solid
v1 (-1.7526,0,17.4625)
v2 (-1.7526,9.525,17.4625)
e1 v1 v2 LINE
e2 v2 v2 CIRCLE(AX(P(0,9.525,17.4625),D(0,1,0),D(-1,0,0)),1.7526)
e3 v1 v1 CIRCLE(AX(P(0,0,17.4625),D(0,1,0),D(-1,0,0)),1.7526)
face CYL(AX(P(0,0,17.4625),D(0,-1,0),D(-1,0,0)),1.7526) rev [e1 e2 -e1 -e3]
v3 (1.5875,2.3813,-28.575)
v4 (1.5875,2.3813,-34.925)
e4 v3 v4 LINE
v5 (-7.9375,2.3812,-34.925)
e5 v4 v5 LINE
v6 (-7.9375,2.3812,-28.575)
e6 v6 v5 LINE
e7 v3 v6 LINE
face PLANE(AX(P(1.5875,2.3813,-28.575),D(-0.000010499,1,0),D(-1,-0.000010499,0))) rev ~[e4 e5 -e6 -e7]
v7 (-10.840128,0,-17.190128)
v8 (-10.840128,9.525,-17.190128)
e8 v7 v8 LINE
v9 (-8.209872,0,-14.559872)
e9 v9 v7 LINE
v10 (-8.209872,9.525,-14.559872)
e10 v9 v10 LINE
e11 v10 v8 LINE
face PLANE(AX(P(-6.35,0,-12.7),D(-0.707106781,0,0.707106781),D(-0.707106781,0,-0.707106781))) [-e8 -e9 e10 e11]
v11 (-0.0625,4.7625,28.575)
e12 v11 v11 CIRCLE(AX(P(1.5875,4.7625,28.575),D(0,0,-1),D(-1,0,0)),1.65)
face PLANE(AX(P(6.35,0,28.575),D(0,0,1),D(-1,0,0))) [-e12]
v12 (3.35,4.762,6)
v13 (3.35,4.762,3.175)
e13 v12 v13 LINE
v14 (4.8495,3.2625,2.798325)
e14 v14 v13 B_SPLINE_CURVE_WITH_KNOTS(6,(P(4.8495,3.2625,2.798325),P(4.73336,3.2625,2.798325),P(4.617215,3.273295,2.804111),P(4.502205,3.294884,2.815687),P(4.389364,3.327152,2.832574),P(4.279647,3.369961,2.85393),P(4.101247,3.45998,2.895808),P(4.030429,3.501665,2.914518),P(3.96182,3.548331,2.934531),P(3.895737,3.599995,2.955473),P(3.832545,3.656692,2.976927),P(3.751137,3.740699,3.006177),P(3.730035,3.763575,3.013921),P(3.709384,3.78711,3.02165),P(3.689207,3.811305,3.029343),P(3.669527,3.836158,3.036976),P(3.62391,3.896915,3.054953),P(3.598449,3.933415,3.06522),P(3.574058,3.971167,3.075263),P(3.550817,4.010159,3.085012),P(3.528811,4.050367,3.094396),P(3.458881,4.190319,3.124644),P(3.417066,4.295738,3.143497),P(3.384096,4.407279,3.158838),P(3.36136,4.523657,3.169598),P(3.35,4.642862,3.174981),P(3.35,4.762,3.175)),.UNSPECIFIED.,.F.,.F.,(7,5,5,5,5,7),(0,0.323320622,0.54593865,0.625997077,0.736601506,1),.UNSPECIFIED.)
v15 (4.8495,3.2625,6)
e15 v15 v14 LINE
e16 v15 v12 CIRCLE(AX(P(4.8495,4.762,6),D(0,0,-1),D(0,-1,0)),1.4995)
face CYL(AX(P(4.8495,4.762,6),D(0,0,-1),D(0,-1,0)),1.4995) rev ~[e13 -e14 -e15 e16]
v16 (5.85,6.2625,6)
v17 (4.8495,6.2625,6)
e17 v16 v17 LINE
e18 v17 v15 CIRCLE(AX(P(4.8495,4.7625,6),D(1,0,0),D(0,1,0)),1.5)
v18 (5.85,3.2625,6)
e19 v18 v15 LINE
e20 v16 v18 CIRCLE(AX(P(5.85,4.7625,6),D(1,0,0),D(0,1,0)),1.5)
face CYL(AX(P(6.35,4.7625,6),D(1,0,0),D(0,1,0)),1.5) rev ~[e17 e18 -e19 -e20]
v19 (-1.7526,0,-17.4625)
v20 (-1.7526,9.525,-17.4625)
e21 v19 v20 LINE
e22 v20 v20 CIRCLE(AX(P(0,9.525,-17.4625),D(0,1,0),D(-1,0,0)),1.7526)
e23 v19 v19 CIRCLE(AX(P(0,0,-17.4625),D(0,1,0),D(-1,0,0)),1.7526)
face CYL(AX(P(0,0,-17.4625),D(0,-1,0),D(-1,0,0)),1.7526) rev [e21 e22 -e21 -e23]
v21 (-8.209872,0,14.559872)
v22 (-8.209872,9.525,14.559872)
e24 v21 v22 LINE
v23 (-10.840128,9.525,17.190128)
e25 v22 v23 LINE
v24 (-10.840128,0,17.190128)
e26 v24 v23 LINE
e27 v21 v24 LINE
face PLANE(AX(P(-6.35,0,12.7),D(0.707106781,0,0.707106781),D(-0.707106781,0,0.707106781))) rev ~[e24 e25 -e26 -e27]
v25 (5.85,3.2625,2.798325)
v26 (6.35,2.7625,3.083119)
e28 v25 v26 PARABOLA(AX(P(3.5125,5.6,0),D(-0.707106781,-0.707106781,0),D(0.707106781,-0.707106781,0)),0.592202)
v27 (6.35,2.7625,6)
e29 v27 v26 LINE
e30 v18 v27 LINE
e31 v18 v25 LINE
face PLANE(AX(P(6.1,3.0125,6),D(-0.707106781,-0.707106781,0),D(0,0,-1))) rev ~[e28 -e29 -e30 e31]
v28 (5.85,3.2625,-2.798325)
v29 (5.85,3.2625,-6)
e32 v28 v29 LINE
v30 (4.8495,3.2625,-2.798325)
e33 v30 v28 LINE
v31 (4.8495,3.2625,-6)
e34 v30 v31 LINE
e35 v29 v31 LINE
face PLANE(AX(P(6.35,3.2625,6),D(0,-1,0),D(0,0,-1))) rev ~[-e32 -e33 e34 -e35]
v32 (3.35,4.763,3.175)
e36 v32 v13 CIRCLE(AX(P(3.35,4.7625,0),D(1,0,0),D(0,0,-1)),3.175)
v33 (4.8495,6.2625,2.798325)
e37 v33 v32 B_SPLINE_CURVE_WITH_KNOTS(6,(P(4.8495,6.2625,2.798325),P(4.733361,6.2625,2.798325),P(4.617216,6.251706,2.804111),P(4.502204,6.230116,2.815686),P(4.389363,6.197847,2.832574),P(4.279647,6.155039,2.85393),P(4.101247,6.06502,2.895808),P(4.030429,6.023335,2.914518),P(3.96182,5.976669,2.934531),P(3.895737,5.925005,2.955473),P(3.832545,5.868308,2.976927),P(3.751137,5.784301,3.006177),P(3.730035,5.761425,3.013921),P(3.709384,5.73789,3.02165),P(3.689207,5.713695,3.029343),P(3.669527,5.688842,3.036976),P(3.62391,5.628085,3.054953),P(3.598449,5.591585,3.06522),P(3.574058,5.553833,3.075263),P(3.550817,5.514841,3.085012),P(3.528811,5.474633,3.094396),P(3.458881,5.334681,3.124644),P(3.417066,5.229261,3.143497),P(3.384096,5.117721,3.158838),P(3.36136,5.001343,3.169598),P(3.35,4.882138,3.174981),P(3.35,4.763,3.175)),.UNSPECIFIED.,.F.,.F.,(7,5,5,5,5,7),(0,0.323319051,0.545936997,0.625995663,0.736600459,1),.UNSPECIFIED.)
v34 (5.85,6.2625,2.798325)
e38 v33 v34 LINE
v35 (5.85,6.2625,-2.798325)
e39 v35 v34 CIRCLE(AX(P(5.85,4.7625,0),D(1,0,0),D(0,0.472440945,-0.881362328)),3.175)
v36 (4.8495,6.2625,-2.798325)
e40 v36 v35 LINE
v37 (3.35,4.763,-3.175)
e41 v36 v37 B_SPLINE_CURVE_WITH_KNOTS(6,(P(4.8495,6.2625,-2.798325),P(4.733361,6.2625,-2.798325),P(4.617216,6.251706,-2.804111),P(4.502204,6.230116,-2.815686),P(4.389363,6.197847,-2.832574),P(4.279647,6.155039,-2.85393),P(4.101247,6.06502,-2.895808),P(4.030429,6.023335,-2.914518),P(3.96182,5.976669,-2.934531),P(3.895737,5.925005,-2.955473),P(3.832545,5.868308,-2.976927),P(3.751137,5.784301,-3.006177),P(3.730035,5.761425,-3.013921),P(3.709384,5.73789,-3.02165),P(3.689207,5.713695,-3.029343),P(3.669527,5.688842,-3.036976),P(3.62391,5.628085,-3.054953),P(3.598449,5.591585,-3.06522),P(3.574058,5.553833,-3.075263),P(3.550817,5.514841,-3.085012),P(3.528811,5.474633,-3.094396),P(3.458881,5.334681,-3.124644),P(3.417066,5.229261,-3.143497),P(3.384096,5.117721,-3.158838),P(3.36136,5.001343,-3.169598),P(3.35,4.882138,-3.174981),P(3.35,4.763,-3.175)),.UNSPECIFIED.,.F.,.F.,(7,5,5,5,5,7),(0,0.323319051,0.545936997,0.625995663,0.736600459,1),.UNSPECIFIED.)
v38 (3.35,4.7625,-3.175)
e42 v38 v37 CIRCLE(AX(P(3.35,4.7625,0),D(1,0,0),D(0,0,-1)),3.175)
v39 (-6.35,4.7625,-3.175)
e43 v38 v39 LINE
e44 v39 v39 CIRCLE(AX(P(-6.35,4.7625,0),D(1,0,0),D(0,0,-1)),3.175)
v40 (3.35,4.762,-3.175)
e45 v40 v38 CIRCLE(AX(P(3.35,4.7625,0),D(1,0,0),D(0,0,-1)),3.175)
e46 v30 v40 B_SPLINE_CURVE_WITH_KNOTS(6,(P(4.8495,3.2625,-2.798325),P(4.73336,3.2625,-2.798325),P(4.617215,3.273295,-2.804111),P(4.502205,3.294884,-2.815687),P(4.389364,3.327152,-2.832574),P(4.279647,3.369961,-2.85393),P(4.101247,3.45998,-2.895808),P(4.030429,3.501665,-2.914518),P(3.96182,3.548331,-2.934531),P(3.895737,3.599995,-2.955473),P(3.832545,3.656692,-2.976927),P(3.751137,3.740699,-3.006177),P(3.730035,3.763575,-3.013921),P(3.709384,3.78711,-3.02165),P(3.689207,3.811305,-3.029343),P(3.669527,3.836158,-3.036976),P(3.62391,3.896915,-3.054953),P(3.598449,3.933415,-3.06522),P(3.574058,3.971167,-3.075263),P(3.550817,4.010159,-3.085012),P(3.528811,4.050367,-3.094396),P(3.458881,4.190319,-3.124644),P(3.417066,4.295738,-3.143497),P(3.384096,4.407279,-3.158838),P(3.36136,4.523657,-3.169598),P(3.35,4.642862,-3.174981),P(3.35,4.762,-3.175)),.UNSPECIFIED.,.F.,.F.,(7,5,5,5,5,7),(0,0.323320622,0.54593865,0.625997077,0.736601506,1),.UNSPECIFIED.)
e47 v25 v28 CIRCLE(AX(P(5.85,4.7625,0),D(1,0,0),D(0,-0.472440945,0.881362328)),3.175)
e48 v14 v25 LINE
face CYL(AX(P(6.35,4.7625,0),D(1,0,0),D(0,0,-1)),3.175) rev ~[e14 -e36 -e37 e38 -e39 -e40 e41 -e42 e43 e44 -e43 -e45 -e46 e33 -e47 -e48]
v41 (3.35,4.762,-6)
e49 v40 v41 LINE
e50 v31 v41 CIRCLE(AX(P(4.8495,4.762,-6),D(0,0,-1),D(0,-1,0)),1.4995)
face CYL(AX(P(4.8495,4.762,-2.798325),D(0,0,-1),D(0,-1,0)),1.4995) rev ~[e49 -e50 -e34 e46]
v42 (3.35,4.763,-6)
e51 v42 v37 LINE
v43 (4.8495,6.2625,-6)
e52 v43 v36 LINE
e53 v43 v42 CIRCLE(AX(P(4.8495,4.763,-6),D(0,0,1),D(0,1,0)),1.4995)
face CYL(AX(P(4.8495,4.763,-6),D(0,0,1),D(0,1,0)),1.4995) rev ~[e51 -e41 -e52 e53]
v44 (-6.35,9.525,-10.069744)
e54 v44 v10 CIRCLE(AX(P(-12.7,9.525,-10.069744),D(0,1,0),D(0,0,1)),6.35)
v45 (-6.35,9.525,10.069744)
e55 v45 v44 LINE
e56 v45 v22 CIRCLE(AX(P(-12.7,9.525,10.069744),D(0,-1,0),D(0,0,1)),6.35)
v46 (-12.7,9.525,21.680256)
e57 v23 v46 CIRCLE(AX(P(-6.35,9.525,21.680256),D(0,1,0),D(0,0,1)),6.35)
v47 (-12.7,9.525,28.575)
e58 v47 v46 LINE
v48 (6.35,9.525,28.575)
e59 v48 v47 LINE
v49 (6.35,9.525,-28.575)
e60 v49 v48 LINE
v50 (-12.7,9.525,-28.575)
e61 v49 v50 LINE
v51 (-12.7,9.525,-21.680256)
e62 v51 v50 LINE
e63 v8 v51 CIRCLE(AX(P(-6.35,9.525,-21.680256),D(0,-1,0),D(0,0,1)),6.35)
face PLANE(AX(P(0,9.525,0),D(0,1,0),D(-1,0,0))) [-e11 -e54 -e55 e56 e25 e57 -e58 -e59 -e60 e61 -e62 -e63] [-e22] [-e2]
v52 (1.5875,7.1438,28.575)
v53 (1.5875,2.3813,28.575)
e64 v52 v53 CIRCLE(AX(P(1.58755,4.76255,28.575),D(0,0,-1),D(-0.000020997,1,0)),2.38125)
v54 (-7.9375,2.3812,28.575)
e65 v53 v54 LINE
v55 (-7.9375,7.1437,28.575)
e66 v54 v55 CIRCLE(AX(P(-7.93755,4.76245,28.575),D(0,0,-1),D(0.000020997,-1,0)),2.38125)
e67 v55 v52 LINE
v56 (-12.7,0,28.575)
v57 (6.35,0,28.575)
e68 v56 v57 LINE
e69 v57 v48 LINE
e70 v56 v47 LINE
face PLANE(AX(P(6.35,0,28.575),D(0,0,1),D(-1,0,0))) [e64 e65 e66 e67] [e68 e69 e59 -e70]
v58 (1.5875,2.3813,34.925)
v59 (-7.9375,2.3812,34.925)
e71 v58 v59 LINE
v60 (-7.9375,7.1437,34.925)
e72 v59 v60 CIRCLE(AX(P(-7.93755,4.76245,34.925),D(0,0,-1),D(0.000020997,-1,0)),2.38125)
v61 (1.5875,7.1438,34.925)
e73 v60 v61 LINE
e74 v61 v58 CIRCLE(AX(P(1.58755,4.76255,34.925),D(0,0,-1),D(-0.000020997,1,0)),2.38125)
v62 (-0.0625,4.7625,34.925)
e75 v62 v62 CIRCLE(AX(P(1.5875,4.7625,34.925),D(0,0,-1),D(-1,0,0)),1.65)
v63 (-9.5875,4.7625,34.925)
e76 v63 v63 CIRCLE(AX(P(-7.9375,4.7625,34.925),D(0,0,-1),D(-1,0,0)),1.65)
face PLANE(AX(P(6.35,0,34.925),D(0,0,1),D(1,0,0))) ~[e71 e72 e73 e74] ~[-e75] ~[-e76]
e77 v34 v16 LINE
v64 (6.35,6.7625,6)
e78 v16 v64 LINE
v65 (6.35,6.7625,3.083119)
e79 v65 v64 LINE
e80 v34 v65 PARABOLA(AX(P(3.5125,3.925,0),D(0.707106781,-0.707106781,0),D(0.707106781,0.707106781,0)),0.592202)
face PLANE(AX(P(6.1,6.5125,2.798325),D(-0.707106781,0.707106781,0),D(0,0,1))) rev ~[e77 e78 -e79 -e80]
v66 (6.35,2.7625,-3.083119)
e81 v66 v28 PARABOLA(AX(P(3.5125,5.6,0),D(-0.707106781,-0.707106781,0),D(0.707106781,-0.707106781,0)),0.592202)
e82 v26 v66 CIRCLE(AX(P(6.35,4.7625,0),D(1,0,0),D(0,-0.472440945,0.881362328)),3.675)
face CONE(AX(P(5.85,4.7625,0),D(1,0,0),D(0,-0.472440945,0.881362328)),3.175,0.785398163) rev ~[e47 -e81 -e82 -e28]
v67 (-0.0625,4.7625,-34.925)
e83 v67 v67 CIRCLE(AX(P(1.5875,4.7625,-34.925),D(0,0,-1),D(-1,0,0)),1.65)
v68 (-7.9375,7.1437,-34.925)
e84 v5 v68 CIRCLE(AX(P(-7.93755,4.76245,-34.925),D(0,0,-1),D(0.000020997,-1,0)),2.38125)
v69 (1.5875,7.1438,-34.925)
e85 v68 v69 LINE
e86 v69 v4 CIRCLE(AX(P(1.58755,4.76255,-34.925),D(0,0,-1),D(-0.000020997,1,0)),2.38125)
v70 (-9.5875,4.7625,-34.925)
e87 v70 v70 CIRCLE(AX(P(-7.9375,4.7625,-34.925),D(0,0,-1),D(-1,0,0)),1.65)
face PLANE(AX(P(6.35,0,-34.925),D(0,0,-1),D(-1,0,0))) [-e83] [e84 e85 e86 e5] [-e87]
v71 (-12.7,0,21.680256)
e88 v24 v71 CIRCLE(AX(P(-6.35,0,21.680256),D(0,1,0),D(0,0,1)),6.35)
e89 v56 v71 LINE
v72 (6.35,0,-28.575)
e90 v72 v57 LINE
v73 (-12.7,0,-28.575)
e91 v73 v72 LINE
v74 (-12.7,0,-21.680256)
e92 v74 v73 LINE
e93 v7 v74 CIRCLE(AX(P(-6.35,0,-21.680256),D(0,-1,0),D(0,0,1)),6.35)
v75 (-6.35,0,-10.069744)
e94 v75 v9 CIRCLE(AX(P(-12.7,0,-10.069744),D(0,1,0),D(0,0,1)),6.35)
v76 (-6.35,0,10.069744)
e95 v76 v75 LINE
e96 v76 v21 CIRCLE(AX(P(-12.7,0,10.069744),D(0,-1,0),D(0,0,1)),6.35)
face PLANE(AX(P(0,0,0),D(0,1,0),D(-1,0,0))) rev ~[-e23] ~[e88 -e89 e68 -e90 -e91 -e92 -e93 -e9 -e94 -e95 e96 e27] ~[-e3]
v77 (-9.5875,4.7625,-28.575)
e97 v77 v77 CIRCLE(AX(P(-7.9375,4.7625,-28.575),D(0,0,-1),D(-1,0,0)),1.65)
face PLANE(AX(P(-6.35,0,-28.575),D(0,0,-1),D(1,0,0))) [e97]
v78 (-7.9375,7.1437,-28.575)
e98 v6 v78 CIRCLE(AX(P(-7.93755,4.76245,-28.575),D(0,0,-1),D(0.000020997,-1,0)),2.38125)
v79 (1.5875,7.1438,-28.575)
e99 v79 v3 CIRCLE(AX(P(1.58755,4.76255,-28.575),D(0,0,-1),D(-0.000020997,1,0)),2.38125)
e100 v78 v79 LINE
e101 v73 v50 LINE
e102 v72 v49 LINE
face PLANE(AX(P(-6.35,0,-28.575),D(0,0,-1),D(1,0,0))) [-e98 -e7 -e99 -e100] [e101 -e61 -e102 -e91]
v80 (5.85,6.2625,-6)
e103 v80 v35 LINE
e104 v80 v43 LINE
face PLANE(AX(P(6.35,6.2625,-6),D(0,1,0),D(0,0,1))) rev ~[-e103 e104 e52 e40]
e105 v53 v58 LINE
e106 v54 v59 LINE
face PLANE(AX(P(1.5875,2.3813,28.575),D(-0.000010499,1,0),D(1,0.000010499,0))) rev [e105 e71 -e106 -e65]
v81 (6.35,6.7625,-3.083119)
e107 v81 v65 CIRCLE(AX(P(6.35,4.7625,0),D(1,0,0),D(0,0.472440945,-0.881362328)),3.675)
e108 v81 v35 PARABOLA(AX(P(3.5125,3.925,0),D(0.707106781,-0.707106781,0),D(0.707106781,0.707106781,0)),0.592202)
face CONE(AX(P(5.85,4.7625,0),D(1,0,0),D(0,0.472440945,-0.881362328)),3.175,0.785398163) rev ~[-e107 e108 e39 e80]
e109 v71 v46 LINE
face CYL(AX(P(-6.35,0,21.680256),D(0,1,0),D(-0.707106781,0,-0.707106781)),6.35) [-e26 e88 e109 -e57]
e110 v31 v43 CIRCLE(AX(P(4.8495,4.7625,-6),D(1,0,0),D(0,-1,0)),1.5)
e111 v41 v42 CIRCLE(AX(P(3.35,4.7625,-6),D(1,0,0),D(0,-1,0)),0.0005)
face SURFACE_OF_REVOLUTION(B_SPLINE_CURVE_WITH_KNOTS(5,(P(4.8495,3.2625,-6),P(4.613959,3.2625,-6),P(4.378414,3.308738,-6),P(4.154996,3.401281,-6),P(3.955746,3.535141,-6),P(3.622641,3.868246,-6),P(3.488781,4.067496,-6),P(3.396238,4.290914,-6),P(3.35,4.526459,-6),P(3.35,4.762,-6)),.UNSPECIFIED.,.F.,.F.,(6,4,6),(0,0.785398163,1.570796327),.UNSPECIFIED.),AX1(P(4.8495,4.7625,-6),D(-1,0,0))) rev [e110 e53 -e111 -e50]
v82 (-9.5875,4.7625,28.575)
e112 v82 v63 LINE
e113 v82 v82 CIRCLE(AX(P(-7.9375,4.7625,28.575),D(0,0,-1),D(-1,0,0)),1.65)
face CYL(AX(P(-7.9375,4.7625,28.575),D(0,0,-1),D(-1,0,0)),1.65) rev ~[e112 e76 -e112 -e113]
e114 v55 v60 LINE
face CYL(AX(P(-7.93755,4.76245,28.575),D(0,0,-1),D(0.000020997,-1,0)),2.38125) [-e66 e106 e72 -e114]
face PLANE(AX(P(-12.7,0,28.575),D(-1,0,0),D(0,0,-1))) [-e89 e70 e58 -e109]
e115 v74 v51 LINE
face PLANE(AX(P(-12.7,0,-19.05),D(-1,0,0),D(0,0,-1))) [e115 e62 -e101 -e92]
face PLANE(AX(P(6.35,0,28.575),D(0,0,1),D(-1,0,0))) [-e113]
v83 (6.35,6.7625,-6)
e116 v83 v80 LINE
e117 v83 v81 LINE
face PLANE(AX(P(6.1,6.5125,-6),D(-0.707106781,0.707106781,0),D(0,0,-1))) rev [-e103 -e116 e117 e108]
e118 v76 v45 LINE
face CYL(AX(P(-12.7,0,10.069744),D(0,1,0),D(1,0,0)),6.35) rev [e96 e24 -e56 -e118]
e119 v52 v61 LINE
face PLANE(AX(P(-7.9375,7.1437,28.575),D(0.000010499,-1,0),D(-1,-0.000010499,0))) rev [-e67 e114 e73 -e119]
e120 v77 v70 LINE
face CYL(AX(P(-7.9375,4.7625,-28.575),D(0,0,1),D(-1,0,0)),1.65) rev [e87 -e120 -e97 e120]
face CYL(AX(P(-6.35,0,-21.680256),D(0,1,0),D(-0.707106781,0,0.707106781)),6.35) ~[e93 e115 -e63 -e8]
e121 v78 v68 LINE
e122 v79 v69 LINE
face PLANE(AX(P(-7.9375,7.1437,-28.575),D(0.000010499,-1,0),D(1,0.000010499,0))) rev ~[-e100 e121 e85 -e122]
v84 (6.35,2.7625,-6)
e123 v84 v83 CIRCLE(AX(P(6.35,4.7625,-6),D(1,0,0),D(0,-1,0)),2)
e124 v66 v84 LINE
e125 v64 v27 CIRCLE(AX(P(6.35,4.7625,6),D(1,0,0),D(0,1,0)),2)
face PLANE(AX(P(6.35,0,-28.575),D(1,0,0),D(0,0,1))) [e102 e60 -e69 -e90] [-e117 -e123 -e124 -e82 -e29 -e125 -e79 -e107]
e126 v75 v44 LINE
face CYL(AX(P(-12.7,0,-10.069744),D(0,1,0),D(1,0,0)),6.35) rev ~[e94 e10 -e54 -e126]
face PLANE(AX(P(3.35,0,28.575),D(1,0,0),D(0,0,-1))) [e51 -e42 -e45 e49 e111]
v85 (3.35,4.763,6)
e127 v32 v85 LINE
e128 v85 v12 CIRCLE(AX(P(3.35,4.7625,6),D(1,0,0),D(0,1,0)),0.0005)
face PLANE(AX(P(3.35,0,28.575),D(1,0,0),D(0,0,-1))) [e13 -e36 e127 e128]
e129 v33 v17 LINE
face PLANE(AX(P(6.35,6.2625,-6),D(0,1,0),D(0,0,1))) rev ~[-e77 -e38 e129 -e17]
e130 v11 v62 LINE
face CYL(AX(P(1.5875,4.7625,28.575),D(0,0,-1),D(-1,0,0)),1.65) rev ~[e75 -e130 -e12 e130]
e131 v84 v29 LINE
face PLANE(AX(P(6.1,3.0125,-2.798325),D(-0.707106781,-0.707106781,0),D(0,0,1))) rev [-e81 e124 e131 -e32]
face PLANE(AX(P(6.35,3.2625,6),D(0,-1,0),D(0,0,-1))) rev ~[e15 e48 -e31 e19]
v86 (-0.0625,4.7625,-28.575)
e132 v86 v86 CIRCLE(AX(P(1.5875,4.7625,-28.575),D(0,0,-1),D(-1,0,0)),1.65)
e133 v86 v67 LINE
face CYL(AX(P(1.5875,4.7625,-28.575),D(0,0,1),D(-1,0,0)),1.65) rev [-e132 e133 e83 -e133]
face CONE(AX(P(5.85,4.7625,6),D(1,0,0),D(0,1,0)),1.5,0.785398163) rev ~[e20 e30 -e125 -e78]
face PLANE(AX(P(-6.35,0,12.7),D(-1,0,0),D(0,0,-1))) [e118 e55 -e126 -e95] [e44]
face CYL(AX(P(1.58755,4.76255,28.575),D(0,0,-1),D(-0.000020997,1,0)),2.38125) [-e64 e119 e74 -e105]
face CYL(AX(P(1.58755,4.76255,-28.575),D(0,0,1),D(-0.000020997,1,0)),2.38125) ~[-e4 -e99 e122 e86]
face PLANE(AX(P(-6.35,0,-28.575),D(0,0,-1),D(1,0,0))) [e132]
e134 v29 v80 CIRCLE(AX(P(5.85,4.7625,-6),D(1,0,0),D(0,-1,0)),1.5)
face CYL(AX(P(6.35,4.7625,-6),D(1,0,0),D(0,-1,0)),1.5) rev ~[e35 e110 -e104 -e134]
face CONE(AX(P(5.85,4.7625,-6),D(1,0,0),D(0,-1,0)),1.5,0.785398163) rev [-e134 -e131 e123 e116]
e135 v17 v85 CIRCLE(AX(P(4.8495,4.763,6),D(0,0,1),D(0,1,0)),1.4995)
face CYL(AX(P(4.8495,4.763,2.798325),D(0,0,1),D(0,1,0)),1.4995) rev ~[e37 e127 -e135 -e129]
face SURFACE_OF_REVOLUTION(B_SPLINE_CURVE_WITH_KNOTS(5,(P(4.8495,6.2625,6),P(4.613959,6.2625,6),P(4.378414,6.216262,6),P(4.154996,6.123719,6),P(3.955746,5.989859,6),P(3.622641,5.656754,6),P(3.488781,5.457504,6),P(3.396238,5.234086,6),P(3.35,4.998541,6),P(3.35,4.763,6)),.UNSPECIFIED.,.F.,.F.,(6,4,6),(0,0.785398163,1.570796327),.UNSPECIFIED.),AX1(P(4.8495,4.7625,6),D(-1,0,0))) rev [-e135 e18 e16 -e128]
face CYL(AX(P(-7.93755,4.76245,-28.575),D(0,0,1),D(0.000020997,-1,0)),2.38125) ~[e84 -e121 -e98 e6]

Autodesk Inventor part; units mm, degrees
ref_plane "YZ Plane" through (0, 0, 0) normal (1, 0, 0) x (0, 1, 0)
ref_plane "XZ Plane" through (0, 0, 0) normal (0, 1, 0) x (-1, 0, 0)
ref_plane "XY Plane" through (0, 0, 0) normal (0, 0, 1) x (1, 0, 0)
sketch "Sketch1" plane through (0, 0, 0) normal (0, 1, 0) x (-1, 0, 0)
  line L0 (0, 17.4625) -> (0, 17.4625) construction
  line L1 (0, 17.4625) -> (0, -17.4625) construction
  line L2 (0, -17.4625) -> (0, -17.4625) construction
  line L3 (0, -17.4625) -> (0, 17.4625) construction
  line L4 (0, 17.4625) -> (0, -17.4625) construction
  line L5 (0, 17.4625) -> (0, -17.4625) construction
  circle A0 centre (0, 17.4625) radius 1.7526
  circle A1 centre (0, -17.4625) radius 1.7526
  circle A2 centre (0, 17.4625) radius 1.7526
  circle A3 centre (0, -17.4625) radius 1.7526
  line L6 (-6.35, 28.575) -> (6.35, 28.575)
  line L7 (6.35, 28.575) -> (6.35, -28.575)
  line L8 (6.35, -28.575) -> (-6.35, -28.575)
  line L9 (-6.35, -28.575) -> (-6.35, 28.575)
  line L10 (-6.35, 28.575) -> (6.35, -28.575) construction
  line L11 (6.35, 28.575) -> (-6.35, -28.575) construction
  line L12 (6.35, 28.575) -> (12.7, 28.575)
  line L13 (12.7, 28.575) -> (12.7, -28.575)
  line L14 (12.7, -28.575) -> (6.35, -28.575)
  line L15 (6.35, -28.575) -> (6.35, 28.575)
  line L16 (6.35, 12.7) -> (12.7, 19.05)
  line L17 (6.35, 0) -> (12.7, 0) construction
  line L18 (6.35, -12.7) -> (12.7, -19.05)
  point P0 (0, 0)
  point P1 (12.7, -19.05)
  dimension "d0" = 0
  dimension "d1" = 34.925
  dimension "d2" = 3.5052
  dimension "d5" = 34.925
  dimension "d8" = 0
  dimension "d11" = 12.7
  dimension "d12" = 57.15
  dimension "d40" = 6.35
  dimension "d41" = 9.525
  dimension "d42" = 12.7
extrude "Extrusion1" add sketch "Sketch1" along normal blind 9.525 contours L6 L7 L8 L9 | L12 L13 L16 L7 | L7 L18 L13 L14
sketch "Sketch2" plane through (6.35, 0, 28.575) normal (1, 0, 0) x (0, 0, -1)
  line L0 (28.575, 0) -> (28.575, 9.525) construction
  line L1 (41.275, 9.525) -> (15.875, 9.525) projected
  circle A0 centre (28.575, 4.7625) radius 3.175
  line L2 (0, 0) -> (57.15, 0) projected
  point P0 (57.15, 9.525)
  point P1 (0, 9.525)
  point P2 (25.4, 0)
  point P3 (16.2434, 0)
  dimension "d15" = 6.35
  dimension "d16" = 4.7625
extrude "Extrusion2" cut sketch "Sketch2" against normal through all
sketch "Sketch5" plane through (6.35, 0, 28.575) normal (1, 0, 0) x (0, 0, -1)
  line L0 (0, 0) -> (0, 9.525) projected
  line L1 (0, 4.7625) -> (57.15, 4.7625) construction
  line L2 (57.15, 0) -> (57.15, 9.525) projected
  line L3 (22.575, 4.7625) -> (34.575, 4.7625) construction
  line L4 (22.575, 3.2625) -> (34.575, 3.2625)
  line L5 (34.575, 6.2625) -> (22.575, 6.2625)
  arc A0 (22.575, 6.2625) -> (22.575, 3.2625) centre (22.575, 4.7625) ccw
  arc A1 (34.575, 3.2625) -> (34.575, 6.2625) centre (34.575, 4.7625) ccw
  point P0 (28.575, 0)
  point P1 (28.575, 4.7625)
  dimension "d29" = 3
  dimension "d30" = 12
extrude "Extrusion5" cut sketch "Sketch5" against normal blind 3
fillet "Fillet3" radius 1.5 6 edges at (3.35, 6.2625, 4.3992) (3.35, 3.2625, 4.3992) (3.35, 4.7625, 7.5) (3.35, 4.7625, -7.5) (3.35, 3.2625, -4.3992) (3.35, 6.2625, -4.3992)
chamfer "Chamfer1" distance 0.5 angle 45 8 edges at (6.35, 3.2625, -4.3992) (6.35, 4.7625, -7.5) (6.35, 6.2625, -4.3992) (6.35, 7.9375, 0) (6.35, 6.2625, 4.3992) (6.35, 4.7625, 7.5) (6.35, 3.2625, 4.3992) (6.35, 1.5875, 0)
fillet "Fillet4" radius 6.35 4 edges at (-6.35, 4.7625, 12.7) (-6.35, 4.7625, -12.7) (-12.7, 4.7625, 19.05) (-12.7, 4.7625, -19.05)
ref_plane "Work Plane1" through (6.35, 0, 0) normal (0, 0, -1) x (-1, 0, 0)
sketch "Sketch6" plane through (6.35, 0, -28.575) normal (0, 0, -1) x (-1, 0, 0)
  line L0 (0, 0) -> (0, 9.525) projected
  line L1 (0, 4.7625) -> (19.05, 4.7625) construction
  line L2 (19.05, 0) -> (19.05, 9.525) projected
  line L3 (4.7625, 4.7625) -> (14.2875, 4.7625) construction
  line L4 (4.7625, 2.3813) -> (14.2875, 2.3812)
  line L5 (14.2875, 7.1437) -> (4.7625, 7.1438)
  arc A0 (4.7625, 7.1438) -> (4.7625, 2.3813) centre (4.7625, 4.7625) ccw
  arc A1 (14.2875, 2.3812) -> (14.2875, 7.1437) centre (14.2875, 4.7625) ccw
  circle A2 centre (4.7625, 4.7625) radius 1.65
  circle A3 centre (14.2875, 4.7625) radius 1.65
  point P0 (6.35, 0)
  point P1 (9.525, 4.7625)
  dimension "d44" = 4.7625
  dimension "d45" = 4.7625
  dimension "d46" = 4.7625
  dimension "d47" = 3.3
  dimension "d48" = 3.3
extrude "Extrusion6" add sketch "Sketch6" along normal blind 6.35
mirror "Mirror1" about plane through (6.35, 0, 0) normal (0, 0, -1) of "Extrusion6"
equation "\"d5\" = d1"
equation "\"d45\" = d44"
equation "\"d46\" = d44"
properties part number "Rack - Top" material "Aluminum 6061"
